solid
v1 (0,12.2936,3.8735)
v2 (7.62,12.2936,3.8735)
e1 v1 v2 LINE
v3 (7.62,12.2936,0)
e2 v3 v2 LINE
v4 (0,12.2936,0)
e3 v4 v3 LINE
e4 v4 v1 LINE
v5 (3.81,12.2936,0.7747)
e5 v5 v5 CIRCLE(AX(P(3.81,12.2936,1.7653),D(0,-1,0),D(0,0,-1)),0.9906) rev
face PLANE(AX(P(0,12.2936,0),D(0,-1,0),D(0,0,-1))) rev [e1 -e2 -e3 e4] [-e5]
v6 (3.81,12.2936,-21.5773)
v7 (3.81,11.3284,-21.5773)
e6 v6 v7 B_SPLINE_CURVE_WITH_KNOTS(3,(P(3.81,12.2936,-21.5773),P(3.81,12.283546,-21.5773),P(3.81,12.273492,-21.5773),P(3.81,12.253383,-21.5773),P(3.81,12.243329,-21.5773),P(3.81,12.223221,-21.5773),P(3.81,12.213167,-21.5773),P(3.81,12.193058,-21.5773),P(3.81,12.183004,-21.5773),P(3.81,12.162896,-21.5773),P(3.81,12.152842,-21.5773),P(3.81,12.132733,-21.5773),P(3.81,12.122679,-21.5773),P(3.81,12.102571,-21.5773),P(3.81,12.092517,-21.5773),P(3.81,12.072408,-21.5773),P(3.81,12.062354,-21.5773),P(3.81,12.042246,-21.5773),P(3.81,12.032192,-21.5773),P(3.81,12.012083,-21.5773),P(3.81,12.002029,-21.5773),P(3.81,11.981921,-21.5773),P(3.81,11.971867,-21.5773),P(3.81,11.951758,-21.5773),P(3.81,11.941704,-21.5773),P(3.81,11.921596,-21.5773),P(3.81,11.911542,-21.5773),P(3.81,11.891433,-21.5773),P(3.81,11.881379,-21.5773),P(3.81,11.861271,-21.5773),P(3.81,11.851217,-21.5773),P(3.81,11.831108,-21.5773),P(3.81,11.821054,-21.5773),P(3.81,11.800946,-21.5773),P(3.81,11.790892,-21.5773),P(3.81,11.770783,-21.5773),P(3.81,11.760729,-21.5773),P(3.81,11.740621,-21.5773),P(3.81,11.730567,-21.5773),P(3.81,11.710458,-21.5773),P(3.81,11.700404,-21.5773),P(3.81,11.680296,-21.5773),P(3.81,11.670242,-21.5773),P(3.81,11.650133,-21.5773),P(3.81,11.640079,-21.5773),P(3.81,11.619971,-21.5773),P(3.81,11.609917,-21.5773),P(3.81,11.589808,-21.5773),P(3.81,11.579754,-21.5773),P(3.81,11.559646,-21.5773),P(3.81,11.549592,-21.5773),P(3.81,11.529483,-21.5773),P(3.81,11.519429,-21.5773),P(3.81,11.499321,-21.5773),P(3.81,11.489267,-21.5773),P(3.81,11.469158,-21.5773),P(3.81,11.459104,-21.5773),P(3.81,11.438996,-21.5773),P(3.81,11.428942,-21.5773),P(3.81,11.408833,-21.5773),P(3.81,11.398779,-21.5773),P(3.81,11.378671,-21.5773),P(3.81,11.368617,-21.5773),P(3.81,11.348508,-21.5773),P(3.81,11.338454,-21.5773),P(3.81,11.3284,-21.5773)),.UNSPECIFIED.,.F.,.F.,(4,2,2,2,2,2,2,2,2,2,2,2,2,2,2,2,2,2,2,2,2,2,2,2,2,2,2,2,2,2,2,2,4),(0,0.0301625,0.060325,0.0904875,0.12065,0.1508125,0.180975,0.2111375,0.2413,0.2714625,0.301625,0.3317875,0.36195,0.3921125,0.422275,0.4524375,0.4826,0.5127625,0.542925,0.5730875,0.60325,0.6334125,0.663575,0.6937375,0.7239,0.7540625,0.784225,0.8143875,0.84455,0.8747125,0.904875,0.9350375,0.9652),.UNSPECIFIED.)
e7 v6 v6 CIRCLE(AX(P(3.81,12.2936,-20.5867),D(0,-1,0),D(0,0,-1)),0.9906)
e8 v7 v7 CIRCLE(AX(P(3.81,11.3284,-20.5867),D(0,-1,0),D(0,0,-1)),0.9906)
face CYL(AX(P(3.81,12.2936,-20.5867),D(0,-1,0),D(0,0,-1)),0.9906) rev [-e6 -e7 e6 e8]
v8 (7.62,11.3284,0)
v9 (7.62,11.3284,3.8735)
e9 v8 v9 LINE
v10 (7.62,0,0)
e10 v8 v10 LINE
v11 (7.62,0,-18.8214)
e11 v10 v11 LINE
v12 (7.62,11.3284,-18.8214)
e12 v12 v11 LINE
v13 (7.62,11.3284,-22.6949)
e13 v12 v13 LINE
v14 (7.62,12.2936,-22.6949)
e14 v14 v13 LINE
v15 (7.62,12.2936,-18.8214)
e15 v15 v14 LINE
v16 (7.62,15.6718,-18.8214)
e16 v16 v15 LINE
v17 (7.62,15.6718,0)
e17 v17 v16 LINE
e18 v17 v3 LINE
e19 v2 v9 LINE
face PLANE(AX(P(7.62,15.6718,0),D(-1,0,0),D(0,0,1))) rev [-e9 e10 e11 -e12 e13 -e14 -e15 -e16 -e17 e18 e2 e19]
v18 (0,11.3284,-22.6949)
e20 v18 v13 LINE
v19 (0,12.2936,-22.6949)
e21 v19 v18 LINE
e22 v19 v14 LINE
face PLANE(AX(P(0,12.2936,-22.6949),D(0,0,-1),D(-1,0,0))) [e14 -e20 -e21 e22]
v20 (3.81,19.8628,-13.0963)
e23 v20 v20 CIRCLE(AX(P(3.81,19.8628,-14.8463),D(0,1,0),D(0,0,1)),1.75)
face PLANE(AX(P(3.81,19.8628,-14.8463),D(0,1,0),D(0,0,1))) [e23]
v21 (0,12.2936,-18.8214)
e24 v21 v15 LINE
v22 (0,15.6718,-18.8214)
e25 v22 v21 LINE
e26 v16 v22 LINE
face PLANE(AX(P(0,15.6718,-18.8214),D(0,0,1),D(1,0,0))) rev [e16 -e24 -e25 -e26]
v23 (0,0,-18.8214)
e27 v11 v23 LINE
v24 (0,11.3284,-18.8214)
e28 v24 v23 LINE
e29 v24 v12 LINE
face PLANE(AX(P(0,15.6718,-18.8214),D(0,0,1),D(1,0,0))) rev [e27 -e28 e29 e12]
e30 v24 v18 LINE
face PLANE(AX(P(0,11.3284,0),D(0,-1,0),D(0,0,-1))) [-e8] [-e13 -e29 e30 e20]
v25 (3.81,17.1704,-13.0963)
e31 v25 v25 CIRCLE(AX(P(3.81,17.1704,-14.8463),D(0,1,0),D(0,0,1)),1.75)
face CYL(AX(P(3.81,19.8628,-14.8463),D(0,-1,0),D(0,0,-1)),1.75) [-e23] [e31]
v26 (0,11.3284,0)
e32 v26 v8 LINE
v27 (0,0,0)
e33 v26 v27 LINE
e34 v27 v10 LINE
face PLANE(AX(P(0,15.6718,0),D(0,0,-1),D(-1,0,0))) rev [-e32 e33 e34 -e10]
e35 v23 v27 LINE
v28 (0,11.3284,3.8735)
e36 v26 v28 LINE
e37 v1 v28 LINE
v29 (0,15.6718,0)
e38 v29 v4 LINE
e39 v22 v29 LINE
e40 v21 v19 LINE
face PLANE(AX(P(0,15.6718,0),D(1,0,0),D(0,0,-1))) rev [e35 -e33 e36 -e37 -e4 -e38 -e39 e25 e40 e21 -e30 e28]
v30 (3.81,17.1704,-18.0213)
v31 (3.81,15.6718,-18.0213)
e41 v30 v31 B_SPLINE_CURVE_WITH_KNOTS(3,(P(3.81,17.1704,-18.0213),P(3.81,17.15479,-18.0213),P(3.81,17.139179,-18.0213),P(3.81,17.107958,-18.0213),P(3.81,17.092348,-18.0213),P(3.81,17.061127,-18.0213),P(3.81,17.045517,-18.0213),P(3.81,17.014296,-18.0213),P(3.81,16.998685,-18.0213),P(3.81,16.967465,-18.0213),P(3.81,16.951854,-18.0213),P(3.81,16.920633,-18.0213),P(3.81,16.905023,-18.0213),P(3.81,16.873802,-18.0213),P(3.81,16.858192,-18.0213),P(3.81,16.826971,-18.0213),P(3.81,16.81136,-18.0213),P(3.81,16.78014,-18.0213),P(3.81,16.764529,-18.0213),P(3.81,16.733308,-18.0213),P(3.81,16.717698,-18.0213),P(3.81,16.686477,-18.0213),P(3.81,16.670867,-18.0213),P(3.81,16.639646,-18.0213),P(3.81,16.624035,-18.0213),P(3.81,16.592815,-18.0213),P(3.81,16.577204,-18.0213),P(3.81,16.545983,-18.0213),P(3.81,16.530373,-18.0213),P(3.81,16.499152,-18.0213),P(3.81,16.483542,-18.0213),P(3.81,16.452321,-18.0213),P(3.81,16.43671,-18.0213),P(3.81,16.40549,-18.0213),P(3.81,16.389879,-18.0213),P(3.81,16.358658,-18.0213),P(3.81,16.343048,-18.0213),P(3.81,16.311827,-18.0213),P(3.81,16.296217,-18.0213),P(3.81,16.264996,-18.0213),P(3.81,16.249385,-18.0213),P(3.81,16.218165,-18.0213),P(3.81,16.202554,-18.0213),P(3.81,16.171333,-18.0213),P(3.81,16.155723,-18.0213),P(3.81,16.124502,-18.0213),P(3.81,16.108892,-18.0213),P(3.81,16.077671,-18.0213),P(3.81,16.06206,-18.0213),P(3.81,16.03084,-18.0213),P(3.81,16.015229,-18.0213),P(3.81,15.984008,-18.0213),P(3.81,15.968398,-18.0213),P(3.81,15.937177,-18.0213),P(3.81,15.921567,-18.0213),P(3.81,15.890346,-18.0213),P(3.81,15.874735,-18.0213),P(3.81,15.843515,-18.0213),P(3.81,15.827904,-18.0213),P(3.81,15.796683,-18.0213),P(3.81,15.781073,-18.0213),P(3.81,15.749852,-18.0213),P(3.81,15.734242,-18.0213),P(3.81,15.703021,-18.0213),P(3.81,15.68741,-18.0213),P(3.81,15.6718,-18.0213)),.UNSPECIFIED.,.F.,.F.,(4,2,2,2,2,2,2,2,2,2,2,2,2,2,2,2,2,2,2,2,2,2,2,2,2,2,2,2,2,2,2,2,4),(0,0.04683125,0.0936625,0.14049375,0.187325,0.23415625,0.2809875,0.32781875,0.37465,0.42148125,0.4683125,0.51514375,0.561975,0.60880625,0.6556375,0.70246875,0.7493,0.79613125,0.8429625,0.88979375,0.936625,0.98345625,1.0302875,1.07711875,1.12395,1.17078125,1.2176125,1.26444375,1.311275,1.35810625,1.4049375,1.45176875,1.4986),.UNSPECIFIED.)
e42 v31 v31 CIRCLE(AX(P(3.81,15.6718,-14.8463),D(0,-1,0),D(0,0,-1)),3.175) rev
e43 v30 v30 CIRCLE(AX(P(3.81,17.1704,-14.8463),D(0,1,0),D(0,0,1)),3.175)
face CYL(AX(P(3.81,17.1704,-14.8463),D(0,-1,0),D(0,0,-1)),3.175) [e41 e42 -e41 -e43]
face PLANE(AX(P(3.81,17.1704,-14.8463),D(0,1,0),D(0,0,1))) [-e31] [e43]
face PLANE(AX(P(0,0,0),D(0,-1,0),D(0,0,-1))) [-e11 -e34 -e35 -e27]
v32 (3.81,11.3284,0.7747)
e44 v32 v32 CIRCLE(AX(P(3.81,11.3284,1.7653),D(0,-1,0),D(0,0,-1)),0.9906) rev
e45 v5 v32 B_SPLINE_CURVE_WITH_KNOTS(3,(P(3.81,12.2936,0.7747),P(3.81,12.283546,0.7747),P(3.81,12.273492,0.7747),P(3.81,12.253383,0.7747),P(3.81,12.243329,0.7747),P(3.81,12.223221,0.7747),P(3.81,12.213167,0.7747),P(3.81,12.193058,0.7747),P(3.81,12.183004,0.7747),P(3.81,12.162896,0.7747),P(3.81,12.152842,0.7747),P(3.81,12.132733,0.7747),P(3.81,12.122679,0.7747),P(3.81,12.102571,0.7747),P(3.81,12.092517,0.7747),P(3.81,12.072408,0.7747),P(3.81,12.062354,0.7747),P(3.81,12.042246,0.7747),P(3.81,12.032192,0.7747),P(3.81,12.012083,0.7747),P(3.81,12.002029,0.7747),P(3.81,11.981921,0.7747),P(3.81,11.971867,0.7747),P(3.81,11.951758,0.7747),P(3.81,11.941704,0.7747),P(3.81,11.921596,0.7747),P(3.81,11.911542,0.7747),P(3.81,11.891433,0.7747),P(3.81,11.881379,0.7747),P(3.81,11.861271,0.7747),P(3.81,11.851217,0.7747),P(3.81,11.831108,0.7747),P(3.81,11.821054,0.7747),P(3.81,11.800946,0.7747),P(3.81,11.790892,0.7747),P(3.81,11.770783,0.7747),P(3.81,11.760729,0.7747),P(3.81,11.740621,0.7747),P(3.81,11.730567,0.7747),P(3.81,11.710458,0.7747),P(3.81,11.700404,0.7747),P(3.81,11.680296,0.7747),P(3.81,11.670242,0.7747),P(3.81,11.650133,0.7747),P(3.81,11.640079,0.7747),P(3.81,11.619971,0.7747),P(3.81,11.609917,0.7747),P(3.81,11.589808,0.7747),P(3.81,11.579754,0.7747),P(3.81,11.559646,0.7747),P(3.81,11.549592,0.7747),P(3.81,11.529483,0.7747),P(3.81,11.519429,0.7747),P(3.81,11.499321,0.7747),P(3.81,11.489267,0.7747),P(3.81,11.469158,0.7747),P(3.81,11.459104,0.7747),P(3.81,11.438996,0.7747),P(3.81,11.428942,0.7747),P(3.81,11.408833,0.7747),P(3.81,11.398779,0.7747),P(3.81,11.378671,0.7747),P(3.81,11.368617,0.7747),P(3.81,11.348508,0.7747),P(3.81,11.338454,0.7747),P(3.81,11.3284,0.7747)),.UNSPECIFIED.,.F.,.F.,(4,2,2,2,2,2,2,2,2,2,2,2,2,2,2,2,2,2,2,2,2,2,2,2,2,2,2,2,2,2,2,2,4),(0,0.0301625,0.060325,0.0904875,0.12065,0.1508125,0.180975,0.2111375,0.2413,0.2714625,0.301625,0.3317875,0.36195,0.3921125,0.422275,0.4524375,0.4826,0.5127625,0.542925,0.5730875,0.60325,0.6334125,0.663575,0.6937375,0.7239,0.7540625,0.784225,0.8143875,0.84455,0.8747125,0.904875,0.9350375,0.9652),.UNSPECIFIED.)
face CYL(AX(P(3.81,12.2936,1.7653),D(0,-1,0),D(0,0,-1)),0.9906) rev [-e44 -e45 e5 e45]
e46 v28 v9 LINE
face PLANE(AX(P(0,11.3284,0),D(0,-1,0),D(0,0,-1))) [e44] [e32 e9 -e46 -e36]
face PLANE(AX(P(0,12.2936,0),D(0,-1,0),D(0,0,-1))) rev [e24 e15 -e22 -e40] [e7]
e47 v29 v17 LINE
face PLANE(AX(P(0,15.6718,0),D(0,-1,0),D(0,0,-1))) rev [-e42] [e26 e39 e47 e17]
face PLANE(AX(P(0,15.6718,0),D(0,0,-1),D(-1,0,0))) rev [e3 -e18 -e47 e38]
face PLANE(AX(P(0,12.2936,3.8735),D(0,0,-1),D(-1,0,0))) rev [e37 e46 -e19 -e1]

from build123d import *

# Parameters (mm, degrees)
SKETCH1_W           = 7.62
SKETCH1_H           = 18.8214
BOSS_EXTRUDE1_DEPTH = 15.6718
SKETCH2_R           = 0.9906
BOSS_EXTRUDE2_DEPTH = 0.9652
SKETCH3_R           = 3.175
BOSS_EXTRUDE3_DEPTH = 1.4986
SKETCH4_R           = 1.75
BOSS_EXTRUDE4_DEPTH = 2.6924


with BuildPart() as part:
    # Sketch1 → Boss-Extrude1 (new body)
    with BuildSketch(Plane(origin=(0, 0, 0), x_dir=(1, 0, 0), z_dir=(0, 1, 0))):
        with Locations((3.81, 9.4107)):
            Rectangle(SKETCH1_W, SKETCH1_H)
    extrude(amount=BOSS_EXTRUDE1_DEPTH)

    # Sketch2 → Boss-Extrude2 (add)
    # profile 1 of 2: a face of its own
    with BuildSketch(Plane(origin=(0, 11.3284, 0), x_dir=(-1, 0, 0), z_dir=(0, -1, 0))):
        Polygon((0, 0), (-7.62, 0), (-7.62, -3.8735), (-5.08, -3.8735), (-2.54, -3.8735), (0, -3.8735), align=None)
        with Locations(Location((-3.81, -1.7653, 0), (0, 0, 90))):
            Circle(SKETCH2_R, mode=Mode.SUBTRACT)
    # profile 2 of 2: a face of its own
    with BuildSketch(Plane(origin=(0, 11.3284, 0), x_dir=(-1, 0, 0), z_dir=(0, -1, 0))):
        Polygon((-7.62, 18.8214), (0, 18.8214), (0, 22.6949), (-2.54, 22.6949), (-5.08, 22.6949), (-7.62, 22.6949), align=None)
        with Locations(Location((-3.81, 20.5867, 0), (0, 0, 90))):
            Circle(SKETCH2_R, mode=Mode.SUBTRACT)
    extrude(amount=-BOSS_EXTRUDE2_DEPTH)

    # Sketch3 → Boss-Extrude3 (add)
    with BuildSketch(Plane(origin=(0, 15.6718, 0), x_dir=(1, 0, 0), z_dir=(0, 1, 0))):
        with Locations(Location((3.81, 14.8463, 0), (0, 0, 90))):
            Circle(SKETCH3_R)
    extrude(amount=BOSS_EXTRUDE3_DEPTH)

    # Sketch4 → Boss-Extrude4 (add)
    with BuildSketch(Plane(origin=(0, 17.1704, 0), x_dir=(1, 0, 0), z_dir=(0, 1, 0))):
        with Locations(Location((3.81, 14.8463, 0), (0, 0, 270))):
            Circle(SKETCH4_R)
    extrude(amount=BOSS_EXTRUDE4_DEPTH)


solid = part.part
